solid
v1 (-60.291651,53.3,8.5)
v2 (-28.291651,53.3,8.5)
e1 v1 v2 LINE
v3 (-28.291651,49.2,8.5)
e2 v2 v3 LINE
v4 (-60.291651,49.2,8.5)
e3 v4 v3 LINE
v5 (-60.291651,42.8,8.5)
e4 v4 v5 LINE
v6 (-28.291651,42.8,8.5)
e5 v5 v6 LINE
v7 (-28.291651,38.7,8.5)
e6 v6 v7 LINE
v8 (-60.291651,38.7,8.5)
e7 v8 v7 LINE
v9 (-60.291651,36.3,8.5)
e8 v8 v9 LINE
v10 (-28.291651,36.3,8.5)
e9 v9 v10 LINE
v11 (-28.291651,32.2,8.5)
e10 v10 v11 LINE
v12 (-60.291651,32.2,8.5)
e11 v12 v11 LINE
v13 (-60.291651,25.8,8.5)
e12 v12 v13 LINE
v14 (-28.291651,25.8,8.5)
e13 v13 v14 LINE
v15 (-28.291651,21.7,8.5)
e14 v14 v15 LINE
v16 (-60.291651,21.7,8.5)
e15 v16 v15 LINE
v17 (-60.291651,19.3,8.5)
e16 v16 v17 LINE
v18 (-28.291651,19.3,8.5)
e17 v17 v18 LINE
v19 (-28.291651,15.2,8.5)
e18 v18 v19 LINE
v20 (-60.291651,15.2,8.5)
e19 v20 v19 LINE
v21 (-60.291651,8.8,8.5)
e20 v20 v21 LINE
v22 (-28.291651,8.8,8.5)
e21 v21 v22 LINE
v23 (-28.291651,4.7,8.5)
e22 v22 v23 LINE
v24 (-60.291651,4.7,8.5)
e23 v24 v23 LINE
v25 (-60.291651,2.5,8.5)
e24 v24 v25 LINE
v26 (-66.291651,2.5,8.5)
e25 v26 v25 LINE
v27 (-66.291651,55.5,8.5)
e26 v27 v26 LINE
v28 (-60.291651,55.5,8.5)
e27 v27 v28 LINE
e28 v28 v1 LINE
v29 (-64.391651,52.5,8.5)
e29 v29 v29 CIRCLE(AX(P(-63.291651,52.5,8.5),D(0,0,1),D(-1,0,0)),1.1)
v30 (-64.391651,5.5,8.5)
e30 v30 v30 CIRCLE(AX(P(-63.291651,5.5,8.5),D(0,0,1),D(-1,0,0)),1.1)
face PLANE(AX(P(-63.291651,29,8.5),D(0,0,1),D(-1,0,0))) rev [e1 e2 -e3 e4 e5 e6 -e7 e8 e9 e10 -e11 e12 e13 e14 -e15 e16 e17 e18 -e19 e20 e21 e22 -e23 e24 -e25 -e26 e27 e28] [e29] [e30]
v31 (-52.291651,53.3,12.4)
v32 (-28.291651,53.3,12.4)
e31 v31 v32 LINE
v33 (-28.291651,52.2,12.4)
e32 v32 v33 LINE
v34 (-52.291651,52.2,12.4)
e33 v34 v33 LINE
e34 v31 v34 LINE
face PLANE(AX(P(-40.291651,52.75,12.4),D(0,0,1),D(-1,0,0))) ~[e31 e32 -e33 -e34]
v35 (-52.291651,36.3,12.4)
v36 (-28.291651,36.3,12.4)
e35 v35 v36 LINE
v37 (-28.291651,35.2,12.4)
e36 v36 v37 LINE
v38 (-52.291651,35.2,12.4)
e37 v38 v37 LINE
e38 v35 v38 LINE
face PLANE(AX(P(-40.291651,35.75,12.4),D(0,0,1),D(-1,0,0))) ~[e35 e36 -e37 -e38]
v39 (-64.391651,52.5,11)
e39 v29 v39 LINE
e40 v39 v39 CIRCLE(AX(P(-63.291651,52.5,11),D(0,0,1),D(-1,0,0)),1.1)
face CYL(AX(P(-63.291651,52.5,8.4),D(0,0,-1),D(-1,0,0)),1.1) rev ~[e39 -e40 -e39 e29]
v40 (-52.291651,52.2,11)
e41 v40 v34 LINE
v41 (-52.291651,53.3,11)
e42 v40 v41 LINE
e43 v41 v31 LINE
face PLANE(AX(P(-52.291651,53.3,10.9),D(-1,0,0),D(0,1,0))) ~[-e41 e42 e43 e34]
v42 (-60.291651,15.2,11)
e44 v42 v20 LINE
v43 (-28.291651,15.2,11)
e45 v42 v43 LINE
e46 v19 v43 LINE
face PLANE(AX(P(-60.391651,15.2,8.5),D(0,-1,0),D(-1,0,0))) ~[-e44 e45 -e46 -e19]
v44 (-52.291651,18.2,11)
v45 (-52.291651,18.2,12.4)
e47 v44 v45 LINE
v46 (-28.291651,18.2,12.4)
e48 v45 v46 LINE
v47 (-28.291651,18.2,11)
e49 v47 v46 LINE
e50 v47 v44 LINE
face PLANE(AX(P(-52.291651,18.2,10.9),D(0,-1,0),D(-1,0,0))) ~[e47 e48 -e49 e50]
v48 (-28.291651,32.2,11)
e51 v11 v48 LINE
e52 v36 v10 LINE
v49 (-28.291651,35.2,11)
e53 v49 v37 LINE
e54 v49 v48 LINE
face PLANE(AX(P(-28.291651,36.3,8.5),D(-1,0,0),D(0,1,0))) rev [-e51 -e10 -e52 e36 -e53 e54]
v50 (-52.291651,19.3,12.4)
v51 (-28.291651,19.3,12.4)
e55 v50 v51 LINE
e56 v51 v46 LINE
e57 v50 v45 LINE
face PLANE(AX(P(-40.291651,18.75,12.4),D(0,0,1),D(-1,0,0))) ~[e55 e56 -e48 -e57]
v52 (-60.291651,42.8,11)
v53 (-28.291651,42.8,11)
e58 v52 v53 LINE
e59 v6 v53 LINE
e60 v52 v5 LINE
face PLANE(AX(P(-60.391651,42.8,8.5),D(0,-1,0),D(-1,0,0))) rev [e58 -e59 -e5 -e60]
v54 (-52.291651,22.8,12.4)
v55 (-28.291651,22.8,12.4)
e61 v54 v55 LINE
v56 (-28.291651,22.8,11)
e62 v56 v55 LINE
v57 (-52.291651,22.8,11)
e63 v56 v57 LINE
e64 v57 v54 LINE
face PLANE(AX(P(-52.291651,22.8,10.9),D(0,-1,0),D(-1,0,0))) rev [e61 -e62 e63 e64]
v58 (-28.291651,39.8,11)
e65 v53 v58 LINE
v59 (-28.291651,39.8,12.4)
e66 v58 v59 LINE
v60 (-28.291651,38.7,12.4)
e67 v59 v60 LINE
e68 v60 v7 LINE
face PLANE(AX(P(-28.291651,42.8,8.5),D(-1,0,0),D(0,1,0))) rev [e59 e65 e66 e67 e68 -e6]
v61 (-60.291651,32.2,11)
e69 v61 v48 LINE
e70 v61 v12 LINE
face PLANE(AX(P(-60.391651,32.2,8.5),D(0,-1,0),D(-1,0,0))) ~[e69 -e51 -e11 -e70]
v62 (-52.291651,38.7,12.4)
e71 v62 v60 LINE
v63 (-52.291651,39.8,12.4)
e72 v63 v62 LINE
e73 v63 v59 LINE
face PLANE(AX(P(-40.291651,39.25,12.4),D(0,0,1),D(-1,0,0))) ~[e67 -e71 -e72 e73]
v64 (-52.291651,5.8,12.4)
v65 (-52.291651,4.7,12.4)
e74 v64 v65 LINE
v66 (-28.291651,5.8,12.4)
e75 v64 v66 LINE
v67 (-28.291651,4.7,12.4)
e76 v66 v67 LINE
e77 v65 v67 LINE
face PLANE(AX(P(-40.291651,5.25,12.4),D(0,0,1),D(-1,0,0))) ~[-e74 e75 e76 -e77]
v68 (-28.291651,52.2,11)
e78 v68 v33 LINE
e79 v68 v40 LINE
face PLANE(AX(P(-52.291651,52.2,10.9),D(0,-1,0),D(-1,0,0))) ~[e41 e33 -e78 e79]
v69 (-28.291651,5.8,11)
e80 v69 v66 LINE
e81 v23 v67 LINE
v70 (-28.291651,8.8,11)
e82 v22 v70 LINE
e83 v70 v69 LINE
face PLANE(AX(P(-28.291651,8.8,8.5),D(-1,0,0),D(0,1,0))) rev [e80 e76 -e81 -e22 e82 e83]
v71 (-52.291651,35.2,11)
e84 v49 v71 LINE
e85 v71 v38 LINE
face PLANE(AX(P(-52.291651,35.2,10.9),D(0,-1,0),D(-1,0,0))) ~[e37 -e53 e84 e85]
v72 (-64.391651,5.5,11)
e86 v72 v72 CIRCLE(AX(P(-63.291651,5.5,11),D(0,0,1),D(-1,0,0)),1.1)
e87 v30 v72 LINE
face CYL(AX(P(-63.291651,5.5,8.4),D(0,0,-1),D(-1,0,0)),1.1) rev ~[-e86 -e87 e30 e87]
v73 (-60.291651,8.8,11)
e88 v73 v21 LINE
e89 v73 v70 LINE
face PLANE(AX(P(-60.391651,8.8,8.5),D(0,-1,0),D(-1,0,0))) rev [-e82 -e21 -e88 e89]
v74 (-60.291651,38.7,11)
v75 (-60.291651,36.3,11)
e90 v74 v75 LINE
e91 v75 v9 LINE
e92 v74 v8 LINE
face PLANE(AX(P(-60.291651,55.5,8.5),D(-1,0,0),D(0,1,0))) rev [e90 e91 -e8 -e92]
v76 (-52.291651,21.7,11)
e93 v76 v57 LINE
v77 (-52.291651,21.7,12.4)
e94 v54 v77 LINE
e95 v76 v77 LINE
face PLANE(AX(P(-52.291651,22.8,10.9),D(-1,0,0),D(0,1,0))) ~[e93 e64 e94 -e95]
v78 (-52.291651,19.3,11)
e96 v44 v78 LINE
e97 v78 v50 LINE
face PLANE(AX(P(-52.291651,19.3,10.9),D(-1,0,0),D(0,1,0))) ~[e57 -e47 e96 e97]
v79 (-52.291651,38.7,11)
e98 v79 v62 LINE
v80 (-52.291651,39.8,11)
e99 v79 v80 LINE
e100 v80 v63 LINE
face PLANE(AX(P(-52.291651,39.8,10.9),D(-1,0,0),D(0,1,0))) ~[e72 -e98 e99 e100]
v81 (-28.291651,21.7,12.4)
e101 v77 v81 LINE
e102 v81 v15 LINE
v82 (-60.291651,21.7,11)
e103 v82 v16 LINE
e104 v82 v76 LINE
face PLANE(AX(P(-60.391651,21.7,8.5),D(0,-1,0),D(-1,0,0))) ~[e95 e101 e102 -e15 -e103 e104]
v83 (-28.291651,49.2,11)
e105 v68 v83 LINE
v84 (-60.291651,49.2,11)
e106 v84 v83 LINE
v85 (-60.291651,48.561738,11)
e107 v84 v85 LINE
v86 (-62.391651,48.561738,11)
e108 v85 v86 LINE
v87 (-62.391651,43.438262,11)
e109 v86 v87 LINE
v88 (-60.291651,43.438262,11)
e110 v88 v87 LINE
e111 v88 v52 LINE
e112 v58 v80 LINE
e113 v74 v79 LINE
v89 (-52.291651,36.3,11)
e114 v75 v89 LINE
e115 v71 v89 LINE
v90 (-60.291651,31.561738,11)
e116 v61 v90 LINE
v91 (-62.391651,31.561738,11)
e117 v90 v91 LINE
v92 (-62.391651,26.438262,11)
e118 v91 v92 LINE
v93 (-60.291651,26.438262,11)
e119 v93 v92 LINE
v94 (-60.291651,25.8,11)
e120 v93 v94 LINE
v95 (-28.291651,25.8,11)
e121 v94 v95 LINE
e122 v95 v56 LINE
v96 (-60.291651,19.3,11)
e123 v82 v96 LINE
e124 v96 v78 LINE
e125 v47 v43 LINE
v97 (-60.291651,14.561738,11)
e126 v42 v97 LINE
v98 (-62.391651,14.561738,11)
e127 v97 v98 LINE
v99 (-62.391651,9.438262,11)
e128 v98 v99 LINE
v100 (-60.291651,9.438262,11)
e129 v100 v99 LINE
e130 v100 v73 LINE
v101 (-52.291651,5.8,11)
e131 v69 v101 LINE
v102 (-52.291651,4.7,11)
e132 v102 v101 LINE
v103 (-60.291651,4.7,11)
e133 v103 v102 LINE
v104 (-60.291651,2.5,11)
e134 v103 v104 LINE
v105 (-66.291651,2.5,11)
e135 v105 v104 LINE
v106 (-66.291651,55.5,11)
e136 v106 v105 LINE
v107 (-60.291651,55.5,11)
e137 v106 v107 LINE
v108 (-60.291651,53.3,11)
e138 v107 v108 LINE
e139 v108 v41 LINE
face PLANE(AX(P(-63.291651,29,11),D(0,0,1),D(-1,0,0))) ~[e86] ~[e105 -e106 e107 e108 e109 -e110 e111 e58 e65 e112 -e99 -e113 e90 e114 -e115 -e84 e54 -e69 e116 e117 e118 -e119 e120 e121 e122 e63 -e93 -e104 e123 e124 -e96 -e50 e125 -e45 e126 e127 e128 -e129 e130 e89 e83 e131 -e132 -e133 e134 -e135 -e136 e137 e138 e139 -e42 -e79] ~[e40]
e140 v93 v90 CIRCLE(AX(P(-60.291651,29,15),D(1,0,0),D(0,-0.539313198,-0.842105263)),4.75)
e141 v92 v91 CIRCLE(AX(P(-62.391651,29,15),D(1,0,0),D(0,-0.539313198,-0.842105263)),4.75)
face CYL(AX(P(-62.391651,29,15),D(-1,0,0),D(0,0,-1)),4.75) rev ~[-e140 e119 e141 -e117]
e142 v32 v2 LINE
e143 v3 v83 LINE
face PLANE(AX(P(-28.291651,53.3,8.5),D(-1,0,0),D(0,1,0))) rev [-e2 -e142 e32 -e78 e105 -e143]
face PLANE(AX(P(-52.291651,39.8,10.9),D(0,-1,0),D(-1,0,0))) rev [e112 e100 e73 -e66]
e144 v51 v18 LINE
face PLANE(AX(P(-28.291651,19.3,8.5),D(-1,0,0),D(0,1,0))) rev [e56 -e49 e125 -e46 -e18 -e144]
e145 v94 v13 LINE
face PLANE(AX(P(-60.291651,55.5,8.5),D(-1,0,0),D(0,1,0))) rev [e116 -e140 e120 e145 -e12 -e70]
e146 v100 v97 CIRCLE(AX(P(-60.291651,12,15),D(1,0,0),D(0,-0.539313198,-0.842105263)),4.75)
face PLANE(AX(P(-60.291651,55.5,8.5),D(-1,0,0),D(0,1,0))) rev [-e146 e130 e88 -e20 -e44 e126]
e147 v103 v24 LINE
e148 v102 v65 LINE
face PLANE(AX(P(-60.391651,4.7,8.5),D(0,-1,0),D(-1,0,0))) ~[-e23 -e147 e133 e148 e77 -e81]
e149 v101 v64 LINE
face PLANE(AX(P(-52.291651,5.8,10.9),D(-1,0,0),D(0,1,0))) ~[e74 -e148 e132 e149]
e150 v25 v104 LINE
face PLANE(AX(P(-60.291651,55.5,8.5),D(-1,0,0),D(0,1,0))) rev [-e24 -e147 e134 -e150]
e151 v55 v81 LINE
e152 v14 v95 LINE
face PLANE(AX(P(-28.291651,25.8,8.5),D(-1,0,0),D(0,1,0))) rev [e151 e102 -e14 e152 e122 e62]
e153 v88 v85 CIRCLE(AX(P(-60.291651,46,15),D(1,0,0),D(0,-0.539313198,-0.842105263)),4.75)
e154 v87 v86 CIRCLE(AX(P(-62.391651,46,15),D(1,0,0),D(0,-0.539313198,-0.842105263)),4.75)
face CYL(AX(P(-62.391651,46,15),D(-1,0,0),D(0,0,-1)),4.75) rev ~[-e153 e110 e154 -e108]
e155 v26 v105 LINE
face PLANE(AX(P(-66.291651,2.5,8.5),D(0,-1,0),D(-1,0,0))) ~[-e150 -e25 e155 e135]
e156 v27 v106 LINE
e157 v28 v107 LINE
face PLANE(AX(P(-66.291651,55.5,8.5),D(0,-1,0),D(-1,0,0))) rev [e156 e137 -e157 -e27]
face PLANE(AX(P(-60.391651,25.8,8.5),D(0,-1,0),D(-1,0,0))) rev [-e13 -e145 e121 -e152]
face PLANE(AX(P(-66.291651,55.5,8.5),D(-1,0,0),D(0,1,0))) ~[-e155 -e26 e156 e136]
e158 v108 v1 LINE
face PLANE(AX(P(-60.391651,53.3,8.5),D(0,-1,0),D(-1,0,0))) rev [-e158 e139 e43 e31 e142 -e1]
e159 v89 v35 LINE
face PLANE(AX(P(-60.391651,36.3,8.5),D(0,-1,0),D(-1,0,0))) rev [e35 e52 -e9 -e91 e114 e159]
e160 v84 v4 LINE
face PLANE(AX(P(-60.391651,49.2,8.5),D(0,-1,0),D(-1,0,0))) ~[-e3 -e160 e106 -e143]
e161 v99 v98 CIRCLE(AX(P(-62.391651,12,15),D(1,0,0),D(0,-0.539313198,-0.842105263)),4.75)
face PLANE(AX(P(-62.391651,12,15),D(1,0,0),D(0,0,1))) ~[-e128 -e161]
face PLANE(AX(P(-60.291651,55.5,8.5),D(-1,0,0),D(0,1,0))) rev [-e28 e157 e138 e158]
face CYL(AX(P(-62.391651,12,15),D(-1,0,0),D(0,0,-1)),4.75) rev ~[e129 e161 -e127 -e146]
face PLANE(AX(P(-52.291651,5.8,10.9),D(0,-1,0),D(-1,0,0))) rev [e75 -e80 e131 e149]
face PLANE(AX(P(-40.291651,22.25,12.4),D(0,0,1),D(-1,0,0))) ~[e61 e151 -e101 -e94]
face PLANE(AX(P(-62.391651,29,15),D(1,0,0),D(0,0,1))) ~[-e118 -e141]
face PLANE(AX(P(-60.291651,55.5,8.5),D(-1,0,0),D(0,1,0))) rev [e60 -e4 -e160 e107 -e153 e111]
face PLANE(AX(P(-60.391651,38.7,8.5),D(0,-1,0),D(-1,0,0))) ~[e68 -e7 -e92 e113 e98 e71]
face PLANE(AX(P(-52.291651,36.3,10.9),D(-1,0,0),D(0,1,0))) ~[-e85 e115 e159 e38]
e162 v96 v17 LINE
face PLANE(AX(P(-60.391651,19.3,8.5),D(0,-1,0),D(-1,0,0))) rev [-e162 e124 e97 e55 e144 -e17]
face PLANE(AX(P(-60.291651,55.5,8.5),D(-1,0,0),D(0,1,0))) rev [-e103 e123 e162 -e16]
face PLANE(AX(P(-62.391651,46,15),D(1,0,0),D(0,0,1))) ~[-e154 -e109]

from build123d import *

# Parameters (mm, degrees)
FRONT_GRIP_ACETAL_GUIDE_COMB_SKETCH_W  = 6
FRONT_GRIP_ACETAL_GUIDE_COMB_SKETCH_H  = 53
FRONT_GRIP_ACETAL_GUIDE_COMB_DEPTH     = 2.5
GRIP_GUIDE_LEDGE_1_LOWER_SKETCH_W      = 32.1
GRIP_GUIDE_LEDGE_1_LOWER_SKETCH_H      = 4.1
GRIP_GUIDE_LEDGE_1_LOWER_DEPTH         = 2.5
GRIP_GUIDE_LEDGE_1_UPPER_SKETCH_W      = 32.1
GRIP_GUIDE_LEDGE_1_UPPER_SKETCH_H      = 4.1
GRIP_GUIDE_LEDGE_1_UPPER_DEPTH         = 2.5
GRIP_GUIDE_FENCE_1_LOWER_SKETCH_W      = 24
GRIP_GUIDE_FENCE_1_LOWER_SKETCH_H      = 1.1
GRIP_GUIDE_FENCE_1_LOWER_DEPTH         = 1.5
GRIP_GUIDE_FENCE_1_UPPER_SKETCH_W      = 24
GRIP_GUIDE_FENCE_1_UPPER_SKETCH_H      = 1.1
GRIP_GUIDE_FENCE_1_UPPER_DEPTH         = 1.5
GRIP_GUIDE_LEDGE_2_LOWER_SKETCH_W      = 32.1
GRIP_GUIDE_LEDGE_2_LOWER_SKETCH_H      = 4.1
GRIP_GUIDE_LEDGE_2_LOWER_DEPTH         = 2.5
GRIP_GUIDE_LEDGE_2_UPPER_SKETCH_W      = 32.1
GRIP_GUIDE_LEDGE_2_UPPER_SKETCH_H      = 4.1
GRIP_GUIDE_LEDGE_2_UPPER_DEPTH         = 2.5
GRIP_GUIDE_FENCE_2_LOWER_SKETCH_W      = 24
GRIP_GUIDE_FENCE_2_LOWER_SKETCH_H      = 1.1
GRIP_GUIDE_FENCE_2_LOWER_DEPTH         = 1.5
GRIP_GUIDE_FENCE_2_UPPER_SKETCH_W      = 24
GRIP_GUIDE_FENCE_2_UPPER_SKETCH_H      = 1.1
GRIP_GUIDE_FENCE_2_UPPER_DEPTH         = 1.5
GRIP_GUIDE_LEDGE_3_LOWER_SKETCH_W      = 32.1
GRIP_GUIDE_LEDGE_3_LOWER_SKETCH_H      = 4.1
GRIP_GUIDE_LEDGE_3_LOWER_DEPTH         = 2.5
GRIP_GUIDE_LEDGE_3_UPPER_SKETCH_W      = 32.1
GRIP_GUIDE_LEDGE_3_UPPER_SKETCH_H      = 4.1
GRIP_GUIDE_LEDGE_3_UPPER_DEPTH         = 2.5
GRIP_GUIDE_FENCE_3_LOWER_SKETCH_W      = 24
GRIP_GUIDE_FENCE_3_LOWER_SKETCH_H      = 1.1
GRIP_GUIDE_FENCE_3_LOWER_DEPTH         = 1.5
GRIP_GUIDE_FENCE_3_UPPER_SKETCH_W      = 24
GRIP_GUIDE_FENCE_3_UPPER_SKETCH_H      = 1.1
GRIP_GUIDE_FENCE_3_UPPER_DEPTH         = 1.5
FRONT_GUIDE_SCREW_CLEARANCE_1_SKETCH_R = 1.1
FRONT_GUIDE_SCREW_CLEARANCE_1_DEPTH    = 2.7
FRONT_GUIDE_SCREW_CLEARANCE_2_SKETCH_R = 1.1
FRONT_GUIDE_SCREW_CLEARANCE_2_DEPTH    = 2.7
OUTLET_SEAT_CLEARANCE_1_SKETCH_R       = 4.75
OUTLET_SEAT_CLEARANCE_1_DEPTH          = 2.2
OUTLET_SEAT_CLEARANCE_2_SKETCH_R       = 4.75
OUTLET_SEAT_CLEARANCE_2_DEPTH          = 2.2
OUTLET_SEAT_CLEARANCE_3_SKETCH_R       = 4.75
OUTLET_SEAT_CLEARANCE_3_DEPTH          = 2.2


with BuildPart() as part:
    # Front Grip Acetal Guide Comb sketch → Front Grip Acetal Guide Comb (new body)
    with BuildSketch(Plane.XY.offset(8.5)):
        with Locations((-63.291651246, -29)):
            Rectangle(FRONT_GRIP_ACETAL_GUIDE_COMB_SKETCH_W, FRONT_GRIP_ACETAL_GUIDE_COMB_SKETCH_H)
    extrude(amount=FRONT_GRIP_ACETAL_GUIDE_COMB_DEPTH)

    # Grip Guide Ledge 1 Lower sketch → Grip Guide Ledge 1 Lower (add)
    with BuildSketch(Plane.XY.offset(8.5)):
        with Locations((-44.341651246, -6.75)):
            Rectangle(GRIP_GUIDE_LEDGE_1_LOWER_SKETCH_W, GRIP_GUIDE_LEDGE_1_LOWER_SKETCH_H)
    extrude(amount=GRIP_GUIDE_LEDGE_1_LOWER_DEPTH)

    # Grip Guide Ledge 1 Upper sketch → Grip Guide Ledge 1 Upper (add)
    with BuildSketch(Plane.XY.offset(8.5)):
        with Locations((-44.341651246, -17.25)):
            Rectangle(GRIP_GUIDE_LEDGE_1_UPPER_SKETCH_W, GRIP_GUIDE_LEDGE_1_UPPER_SKETCH_H)
    extrude(amount=GRIP_GUIDE_LEDGE_1_UPPER_DEPTH)

    # Grip Guide Fence 1 Lower sketch → Grip Guide Fence 1 Lower (add)
    with BuildSketch(Plane.XY.offset(10.9)):
        with Locations((-40.291651246, -5.25)):
            Rectangle(GRIP_GUIDE_FENCE_1_LOWER_SKETCH_W, GRIP_GUIDE_FENCE_1_LOWER_SKETCH_H)
    extrude(amount=GRIP_GUIDE_FENCE_1_LOWER_DEPTH)

    # Grip Guide Fence 1 Upper sketch → Grip Guide Fence 1 Upper (add)
    with BuildSketch(Plane.XY.offset(10.9)):
        with Locations((-40.291651246, -18.75)):
            Rectangle(GRIP_GUIDE_FENCE_1_UPPER_SKETCH_W, GRIP_GUIDE_FENCE_1_UPPER_SKETCH_H)
    extrude(amount=GRIP_GUIDE_FENCE_1_UPPER_DEPTH)

    # Grip Guide Ledge 2 Lower sketch → Grip Guide Ledge 2 Lower (add)
    with BuildSketch(Plane.XY.offset(8.5)):
        with Locations((-44.341651246, -23.75)):
            Rectangle(GRIP_GUIDE_LEDGE_2_LOWER_SKETCH_W, GRIP_GUIDE_LEDGE_2_LOWER_SKETCH_H)
    extrude(amount=GRIP_GUIDE_LEDGE_2_LOWER_DEPTH)

    # Grip Guide Ledge 2 Upper sketch → Grip Guide Ledge 2 Upper (add)
    with BuildSketch(Plane.XY.offset(8.5)):
        with Locations((-44.341651246, -34.25)):
            Rectangle(GRIP_GUIDE_LEDGE_2_UPPER_SKETCH_W, GRIP_GUIDE_LEDGE_2_UPPER_SKETCH_H)
    extrude(amount=GRIP_GUIDE_LEDGE_2_UPPER_DEPTH)

    # Grip Guide Fence 2 Lower sketch → Grip Guide Fence 2 Lower (add)
    with BuildSketch(Plane.XY.offset(10.9)):
        with Locations((-40.291651246, -22.25)):
            Rectangle(GRIP_GUIDE_FENCE_2_LOWER_SKETCH_W, GRIP_GUIDE_FENCE_2_LOWER_SKETCH_H)
    extrude(amount=GRIP_GUIDE_FENCE_2_LOWER_DEPTH)

    # Grip Guide Fence 2 Upper sketch → Grip Guide Fence 2 Upper (add)
    with BuildSketch(Plane.XY.offset(10.9)):
        with Locations((-40.291651246, -35.75)):
            Rectangle(GRIP_GUIDE_FENCE_2_UPPER_SKETCH_W, GRIP_GUIDE_FENCE_2_UPPER_SKETCH_H)
    extrude(amount=GRIP_GUIDE_FENCE_2_UPPER_DEPTH)

    # Grip Guide Ledge 3 Lower sketch → Grip Guide Ledge 3 Lower (add)
    with BuildSketch(Plane.XY.offset(8.5)):
        with Locations((-44.341651246, -40.75)):
            Rectangle(GRIP_GUIDE_LEDGE_3_LOWER_SKETCH_W, GRIP_GUIDE_LEDGE_3_LOWER_SKETCH_H)
    extrude(amount=GRIP_GUIDE_LEDGE_3_LOWER_DEPTH)

    # Grip Guide Ledge 3 Upper sketch → Grip Guide Ledge 3 Upper (add)
    with BuildSketch(Plane.XY.offset(8.5)):
        with Locations((-44.341651246, -51.25)):
            Rectangle(GRIP_GUIDE_LEDGE_3_UPPER_SKETCH_W, GRIP_GUIDE_LEDGE_3_UPPER_SKETCH_H)
    extrude(amount=GRIP_GUIDE_LEDGE_3_UPPER_DEPTH)

    # Grip Guide Fence 3 Lower sketch → Grip Guide Fence 3 Lower (add)
    with BuildSketch(Plane.XY.offset(10.9)):
        with Locations((-40.291651246, -39.25)):
            Rectangle(GRIP_GUIDE_FENCE_3_LOWER_SKETCH_W, GRIP_GUIDE_FENCE_3_LOWER_SKETCH_H)
    extrude(amount=GRIP_GUIDE_FENCE_3_LOWER_DEPTH)

    # Grip Guide Fence 3 Upper sketch → Grip Guide Fence 3 Upper (add)
    with BuildSketch(Plane.XY.offset(10.9)):
        with Locations((-40.291651246, -52.75)):
            Rectangle(GRIP_GUIDE_FENCE_3_UPPER_SKETCH_W, GRIP_GUIDE_FENCE_3_UPPER_SKETCH_H)
    extrude(amount=GRIP_GUIDE_FENCE_3_UPPER_DEPTH)

    # Front Guide Screw Clearance 1 sketch → Front Guide Screw Clearance 1 (cut)
    with BuildSketch(Plane.XY.offset(8.4)):
        with Locations(Location((-63.291651246, -5.5, 0), (0, 0, 180))):
            Circle(FRONT_GUIDE_SCREW_CLEARANCE_1_SKETCH_R)
    extrude(amount=FRONT_GUIDE_SCREW_CLEARANCE_1_DEPTH, mode=Mode.SUBTRACT)

    # Front Guide Screw Clearance 2 sketch → Front Guide Screw Clearance 2 (cut)
    with BuildSketch(Plane.XY.offset(8.4)):
        with Locations(Location((-63.291651246, -52.5, 0), (0, 0, 180))):
            Circle(FRONT_GUIDE_SCREW_CLEARANCE_2_SKETCH_R)
    extrude(amount=FRONT_GUIDE_SCREW_CLEARANCE_2_DEPTH, mode=Mode.SUBTRACT)

    # Outlet seat clearance 1 sketch → Outlet seat clearance 1 (cut)
    with BuildSketch(Plane(origin=(-62.391651246, 0, 0), x_dir=(0, 0, -1), z_dir=(1, 0, 0))):
        with Locations((-15, -12)):
            Circle(OUTLET_SEAT_CLEARANCE_1_SKETCH_R)
    extrude(amount=OUTLET_SEAT_CLEARANCE_1_DEPTH, mode=Mode.SUBTRACT)

    # Outlet seat clearance 2 sketch → Outlet seat clearance 2 (cut)
    with BuildSketch(Plane(origin=(-62.391651246, 0, 0), x_dir=(0, 0, -1), z_dir=(1, 0, 0))):
        with Locations((-15, -29)):
            Circle(OUTLET_SEAT_CLEARANCE_2_SKETCH_R)
    extrude(amount=OUTLET_SEAT_CLEARANCE_2_DEPTH, mode=Mode.SUBTRACT)

    # Outlet seat clearance 3 sketch → Outlet seat clearance 3 (cut)
    with BuildSketch(Plane(origin=(-62.391651246, 0, 0), x_dir=(0, 0, -1), z_dir=(1, 0, 0))):
        with Locations((-15, -46)):
            Circle(OUTLET_SEAT_CLEARANCE_3_SKETCH_R)
    extrude(amount=OUTLET_SEAT_CLEARANCE_3_DEPTH, mode=Mode.SUBTRACT)


with BuildPart() as body_2:
    # Mirror1: mirrored copy
    add(part.part.mirror(Plane(origin=(0, 0, 0), x_dir=(0, 0, 1), z_dir=(0, -1, 0))))


solid = body_2.part
